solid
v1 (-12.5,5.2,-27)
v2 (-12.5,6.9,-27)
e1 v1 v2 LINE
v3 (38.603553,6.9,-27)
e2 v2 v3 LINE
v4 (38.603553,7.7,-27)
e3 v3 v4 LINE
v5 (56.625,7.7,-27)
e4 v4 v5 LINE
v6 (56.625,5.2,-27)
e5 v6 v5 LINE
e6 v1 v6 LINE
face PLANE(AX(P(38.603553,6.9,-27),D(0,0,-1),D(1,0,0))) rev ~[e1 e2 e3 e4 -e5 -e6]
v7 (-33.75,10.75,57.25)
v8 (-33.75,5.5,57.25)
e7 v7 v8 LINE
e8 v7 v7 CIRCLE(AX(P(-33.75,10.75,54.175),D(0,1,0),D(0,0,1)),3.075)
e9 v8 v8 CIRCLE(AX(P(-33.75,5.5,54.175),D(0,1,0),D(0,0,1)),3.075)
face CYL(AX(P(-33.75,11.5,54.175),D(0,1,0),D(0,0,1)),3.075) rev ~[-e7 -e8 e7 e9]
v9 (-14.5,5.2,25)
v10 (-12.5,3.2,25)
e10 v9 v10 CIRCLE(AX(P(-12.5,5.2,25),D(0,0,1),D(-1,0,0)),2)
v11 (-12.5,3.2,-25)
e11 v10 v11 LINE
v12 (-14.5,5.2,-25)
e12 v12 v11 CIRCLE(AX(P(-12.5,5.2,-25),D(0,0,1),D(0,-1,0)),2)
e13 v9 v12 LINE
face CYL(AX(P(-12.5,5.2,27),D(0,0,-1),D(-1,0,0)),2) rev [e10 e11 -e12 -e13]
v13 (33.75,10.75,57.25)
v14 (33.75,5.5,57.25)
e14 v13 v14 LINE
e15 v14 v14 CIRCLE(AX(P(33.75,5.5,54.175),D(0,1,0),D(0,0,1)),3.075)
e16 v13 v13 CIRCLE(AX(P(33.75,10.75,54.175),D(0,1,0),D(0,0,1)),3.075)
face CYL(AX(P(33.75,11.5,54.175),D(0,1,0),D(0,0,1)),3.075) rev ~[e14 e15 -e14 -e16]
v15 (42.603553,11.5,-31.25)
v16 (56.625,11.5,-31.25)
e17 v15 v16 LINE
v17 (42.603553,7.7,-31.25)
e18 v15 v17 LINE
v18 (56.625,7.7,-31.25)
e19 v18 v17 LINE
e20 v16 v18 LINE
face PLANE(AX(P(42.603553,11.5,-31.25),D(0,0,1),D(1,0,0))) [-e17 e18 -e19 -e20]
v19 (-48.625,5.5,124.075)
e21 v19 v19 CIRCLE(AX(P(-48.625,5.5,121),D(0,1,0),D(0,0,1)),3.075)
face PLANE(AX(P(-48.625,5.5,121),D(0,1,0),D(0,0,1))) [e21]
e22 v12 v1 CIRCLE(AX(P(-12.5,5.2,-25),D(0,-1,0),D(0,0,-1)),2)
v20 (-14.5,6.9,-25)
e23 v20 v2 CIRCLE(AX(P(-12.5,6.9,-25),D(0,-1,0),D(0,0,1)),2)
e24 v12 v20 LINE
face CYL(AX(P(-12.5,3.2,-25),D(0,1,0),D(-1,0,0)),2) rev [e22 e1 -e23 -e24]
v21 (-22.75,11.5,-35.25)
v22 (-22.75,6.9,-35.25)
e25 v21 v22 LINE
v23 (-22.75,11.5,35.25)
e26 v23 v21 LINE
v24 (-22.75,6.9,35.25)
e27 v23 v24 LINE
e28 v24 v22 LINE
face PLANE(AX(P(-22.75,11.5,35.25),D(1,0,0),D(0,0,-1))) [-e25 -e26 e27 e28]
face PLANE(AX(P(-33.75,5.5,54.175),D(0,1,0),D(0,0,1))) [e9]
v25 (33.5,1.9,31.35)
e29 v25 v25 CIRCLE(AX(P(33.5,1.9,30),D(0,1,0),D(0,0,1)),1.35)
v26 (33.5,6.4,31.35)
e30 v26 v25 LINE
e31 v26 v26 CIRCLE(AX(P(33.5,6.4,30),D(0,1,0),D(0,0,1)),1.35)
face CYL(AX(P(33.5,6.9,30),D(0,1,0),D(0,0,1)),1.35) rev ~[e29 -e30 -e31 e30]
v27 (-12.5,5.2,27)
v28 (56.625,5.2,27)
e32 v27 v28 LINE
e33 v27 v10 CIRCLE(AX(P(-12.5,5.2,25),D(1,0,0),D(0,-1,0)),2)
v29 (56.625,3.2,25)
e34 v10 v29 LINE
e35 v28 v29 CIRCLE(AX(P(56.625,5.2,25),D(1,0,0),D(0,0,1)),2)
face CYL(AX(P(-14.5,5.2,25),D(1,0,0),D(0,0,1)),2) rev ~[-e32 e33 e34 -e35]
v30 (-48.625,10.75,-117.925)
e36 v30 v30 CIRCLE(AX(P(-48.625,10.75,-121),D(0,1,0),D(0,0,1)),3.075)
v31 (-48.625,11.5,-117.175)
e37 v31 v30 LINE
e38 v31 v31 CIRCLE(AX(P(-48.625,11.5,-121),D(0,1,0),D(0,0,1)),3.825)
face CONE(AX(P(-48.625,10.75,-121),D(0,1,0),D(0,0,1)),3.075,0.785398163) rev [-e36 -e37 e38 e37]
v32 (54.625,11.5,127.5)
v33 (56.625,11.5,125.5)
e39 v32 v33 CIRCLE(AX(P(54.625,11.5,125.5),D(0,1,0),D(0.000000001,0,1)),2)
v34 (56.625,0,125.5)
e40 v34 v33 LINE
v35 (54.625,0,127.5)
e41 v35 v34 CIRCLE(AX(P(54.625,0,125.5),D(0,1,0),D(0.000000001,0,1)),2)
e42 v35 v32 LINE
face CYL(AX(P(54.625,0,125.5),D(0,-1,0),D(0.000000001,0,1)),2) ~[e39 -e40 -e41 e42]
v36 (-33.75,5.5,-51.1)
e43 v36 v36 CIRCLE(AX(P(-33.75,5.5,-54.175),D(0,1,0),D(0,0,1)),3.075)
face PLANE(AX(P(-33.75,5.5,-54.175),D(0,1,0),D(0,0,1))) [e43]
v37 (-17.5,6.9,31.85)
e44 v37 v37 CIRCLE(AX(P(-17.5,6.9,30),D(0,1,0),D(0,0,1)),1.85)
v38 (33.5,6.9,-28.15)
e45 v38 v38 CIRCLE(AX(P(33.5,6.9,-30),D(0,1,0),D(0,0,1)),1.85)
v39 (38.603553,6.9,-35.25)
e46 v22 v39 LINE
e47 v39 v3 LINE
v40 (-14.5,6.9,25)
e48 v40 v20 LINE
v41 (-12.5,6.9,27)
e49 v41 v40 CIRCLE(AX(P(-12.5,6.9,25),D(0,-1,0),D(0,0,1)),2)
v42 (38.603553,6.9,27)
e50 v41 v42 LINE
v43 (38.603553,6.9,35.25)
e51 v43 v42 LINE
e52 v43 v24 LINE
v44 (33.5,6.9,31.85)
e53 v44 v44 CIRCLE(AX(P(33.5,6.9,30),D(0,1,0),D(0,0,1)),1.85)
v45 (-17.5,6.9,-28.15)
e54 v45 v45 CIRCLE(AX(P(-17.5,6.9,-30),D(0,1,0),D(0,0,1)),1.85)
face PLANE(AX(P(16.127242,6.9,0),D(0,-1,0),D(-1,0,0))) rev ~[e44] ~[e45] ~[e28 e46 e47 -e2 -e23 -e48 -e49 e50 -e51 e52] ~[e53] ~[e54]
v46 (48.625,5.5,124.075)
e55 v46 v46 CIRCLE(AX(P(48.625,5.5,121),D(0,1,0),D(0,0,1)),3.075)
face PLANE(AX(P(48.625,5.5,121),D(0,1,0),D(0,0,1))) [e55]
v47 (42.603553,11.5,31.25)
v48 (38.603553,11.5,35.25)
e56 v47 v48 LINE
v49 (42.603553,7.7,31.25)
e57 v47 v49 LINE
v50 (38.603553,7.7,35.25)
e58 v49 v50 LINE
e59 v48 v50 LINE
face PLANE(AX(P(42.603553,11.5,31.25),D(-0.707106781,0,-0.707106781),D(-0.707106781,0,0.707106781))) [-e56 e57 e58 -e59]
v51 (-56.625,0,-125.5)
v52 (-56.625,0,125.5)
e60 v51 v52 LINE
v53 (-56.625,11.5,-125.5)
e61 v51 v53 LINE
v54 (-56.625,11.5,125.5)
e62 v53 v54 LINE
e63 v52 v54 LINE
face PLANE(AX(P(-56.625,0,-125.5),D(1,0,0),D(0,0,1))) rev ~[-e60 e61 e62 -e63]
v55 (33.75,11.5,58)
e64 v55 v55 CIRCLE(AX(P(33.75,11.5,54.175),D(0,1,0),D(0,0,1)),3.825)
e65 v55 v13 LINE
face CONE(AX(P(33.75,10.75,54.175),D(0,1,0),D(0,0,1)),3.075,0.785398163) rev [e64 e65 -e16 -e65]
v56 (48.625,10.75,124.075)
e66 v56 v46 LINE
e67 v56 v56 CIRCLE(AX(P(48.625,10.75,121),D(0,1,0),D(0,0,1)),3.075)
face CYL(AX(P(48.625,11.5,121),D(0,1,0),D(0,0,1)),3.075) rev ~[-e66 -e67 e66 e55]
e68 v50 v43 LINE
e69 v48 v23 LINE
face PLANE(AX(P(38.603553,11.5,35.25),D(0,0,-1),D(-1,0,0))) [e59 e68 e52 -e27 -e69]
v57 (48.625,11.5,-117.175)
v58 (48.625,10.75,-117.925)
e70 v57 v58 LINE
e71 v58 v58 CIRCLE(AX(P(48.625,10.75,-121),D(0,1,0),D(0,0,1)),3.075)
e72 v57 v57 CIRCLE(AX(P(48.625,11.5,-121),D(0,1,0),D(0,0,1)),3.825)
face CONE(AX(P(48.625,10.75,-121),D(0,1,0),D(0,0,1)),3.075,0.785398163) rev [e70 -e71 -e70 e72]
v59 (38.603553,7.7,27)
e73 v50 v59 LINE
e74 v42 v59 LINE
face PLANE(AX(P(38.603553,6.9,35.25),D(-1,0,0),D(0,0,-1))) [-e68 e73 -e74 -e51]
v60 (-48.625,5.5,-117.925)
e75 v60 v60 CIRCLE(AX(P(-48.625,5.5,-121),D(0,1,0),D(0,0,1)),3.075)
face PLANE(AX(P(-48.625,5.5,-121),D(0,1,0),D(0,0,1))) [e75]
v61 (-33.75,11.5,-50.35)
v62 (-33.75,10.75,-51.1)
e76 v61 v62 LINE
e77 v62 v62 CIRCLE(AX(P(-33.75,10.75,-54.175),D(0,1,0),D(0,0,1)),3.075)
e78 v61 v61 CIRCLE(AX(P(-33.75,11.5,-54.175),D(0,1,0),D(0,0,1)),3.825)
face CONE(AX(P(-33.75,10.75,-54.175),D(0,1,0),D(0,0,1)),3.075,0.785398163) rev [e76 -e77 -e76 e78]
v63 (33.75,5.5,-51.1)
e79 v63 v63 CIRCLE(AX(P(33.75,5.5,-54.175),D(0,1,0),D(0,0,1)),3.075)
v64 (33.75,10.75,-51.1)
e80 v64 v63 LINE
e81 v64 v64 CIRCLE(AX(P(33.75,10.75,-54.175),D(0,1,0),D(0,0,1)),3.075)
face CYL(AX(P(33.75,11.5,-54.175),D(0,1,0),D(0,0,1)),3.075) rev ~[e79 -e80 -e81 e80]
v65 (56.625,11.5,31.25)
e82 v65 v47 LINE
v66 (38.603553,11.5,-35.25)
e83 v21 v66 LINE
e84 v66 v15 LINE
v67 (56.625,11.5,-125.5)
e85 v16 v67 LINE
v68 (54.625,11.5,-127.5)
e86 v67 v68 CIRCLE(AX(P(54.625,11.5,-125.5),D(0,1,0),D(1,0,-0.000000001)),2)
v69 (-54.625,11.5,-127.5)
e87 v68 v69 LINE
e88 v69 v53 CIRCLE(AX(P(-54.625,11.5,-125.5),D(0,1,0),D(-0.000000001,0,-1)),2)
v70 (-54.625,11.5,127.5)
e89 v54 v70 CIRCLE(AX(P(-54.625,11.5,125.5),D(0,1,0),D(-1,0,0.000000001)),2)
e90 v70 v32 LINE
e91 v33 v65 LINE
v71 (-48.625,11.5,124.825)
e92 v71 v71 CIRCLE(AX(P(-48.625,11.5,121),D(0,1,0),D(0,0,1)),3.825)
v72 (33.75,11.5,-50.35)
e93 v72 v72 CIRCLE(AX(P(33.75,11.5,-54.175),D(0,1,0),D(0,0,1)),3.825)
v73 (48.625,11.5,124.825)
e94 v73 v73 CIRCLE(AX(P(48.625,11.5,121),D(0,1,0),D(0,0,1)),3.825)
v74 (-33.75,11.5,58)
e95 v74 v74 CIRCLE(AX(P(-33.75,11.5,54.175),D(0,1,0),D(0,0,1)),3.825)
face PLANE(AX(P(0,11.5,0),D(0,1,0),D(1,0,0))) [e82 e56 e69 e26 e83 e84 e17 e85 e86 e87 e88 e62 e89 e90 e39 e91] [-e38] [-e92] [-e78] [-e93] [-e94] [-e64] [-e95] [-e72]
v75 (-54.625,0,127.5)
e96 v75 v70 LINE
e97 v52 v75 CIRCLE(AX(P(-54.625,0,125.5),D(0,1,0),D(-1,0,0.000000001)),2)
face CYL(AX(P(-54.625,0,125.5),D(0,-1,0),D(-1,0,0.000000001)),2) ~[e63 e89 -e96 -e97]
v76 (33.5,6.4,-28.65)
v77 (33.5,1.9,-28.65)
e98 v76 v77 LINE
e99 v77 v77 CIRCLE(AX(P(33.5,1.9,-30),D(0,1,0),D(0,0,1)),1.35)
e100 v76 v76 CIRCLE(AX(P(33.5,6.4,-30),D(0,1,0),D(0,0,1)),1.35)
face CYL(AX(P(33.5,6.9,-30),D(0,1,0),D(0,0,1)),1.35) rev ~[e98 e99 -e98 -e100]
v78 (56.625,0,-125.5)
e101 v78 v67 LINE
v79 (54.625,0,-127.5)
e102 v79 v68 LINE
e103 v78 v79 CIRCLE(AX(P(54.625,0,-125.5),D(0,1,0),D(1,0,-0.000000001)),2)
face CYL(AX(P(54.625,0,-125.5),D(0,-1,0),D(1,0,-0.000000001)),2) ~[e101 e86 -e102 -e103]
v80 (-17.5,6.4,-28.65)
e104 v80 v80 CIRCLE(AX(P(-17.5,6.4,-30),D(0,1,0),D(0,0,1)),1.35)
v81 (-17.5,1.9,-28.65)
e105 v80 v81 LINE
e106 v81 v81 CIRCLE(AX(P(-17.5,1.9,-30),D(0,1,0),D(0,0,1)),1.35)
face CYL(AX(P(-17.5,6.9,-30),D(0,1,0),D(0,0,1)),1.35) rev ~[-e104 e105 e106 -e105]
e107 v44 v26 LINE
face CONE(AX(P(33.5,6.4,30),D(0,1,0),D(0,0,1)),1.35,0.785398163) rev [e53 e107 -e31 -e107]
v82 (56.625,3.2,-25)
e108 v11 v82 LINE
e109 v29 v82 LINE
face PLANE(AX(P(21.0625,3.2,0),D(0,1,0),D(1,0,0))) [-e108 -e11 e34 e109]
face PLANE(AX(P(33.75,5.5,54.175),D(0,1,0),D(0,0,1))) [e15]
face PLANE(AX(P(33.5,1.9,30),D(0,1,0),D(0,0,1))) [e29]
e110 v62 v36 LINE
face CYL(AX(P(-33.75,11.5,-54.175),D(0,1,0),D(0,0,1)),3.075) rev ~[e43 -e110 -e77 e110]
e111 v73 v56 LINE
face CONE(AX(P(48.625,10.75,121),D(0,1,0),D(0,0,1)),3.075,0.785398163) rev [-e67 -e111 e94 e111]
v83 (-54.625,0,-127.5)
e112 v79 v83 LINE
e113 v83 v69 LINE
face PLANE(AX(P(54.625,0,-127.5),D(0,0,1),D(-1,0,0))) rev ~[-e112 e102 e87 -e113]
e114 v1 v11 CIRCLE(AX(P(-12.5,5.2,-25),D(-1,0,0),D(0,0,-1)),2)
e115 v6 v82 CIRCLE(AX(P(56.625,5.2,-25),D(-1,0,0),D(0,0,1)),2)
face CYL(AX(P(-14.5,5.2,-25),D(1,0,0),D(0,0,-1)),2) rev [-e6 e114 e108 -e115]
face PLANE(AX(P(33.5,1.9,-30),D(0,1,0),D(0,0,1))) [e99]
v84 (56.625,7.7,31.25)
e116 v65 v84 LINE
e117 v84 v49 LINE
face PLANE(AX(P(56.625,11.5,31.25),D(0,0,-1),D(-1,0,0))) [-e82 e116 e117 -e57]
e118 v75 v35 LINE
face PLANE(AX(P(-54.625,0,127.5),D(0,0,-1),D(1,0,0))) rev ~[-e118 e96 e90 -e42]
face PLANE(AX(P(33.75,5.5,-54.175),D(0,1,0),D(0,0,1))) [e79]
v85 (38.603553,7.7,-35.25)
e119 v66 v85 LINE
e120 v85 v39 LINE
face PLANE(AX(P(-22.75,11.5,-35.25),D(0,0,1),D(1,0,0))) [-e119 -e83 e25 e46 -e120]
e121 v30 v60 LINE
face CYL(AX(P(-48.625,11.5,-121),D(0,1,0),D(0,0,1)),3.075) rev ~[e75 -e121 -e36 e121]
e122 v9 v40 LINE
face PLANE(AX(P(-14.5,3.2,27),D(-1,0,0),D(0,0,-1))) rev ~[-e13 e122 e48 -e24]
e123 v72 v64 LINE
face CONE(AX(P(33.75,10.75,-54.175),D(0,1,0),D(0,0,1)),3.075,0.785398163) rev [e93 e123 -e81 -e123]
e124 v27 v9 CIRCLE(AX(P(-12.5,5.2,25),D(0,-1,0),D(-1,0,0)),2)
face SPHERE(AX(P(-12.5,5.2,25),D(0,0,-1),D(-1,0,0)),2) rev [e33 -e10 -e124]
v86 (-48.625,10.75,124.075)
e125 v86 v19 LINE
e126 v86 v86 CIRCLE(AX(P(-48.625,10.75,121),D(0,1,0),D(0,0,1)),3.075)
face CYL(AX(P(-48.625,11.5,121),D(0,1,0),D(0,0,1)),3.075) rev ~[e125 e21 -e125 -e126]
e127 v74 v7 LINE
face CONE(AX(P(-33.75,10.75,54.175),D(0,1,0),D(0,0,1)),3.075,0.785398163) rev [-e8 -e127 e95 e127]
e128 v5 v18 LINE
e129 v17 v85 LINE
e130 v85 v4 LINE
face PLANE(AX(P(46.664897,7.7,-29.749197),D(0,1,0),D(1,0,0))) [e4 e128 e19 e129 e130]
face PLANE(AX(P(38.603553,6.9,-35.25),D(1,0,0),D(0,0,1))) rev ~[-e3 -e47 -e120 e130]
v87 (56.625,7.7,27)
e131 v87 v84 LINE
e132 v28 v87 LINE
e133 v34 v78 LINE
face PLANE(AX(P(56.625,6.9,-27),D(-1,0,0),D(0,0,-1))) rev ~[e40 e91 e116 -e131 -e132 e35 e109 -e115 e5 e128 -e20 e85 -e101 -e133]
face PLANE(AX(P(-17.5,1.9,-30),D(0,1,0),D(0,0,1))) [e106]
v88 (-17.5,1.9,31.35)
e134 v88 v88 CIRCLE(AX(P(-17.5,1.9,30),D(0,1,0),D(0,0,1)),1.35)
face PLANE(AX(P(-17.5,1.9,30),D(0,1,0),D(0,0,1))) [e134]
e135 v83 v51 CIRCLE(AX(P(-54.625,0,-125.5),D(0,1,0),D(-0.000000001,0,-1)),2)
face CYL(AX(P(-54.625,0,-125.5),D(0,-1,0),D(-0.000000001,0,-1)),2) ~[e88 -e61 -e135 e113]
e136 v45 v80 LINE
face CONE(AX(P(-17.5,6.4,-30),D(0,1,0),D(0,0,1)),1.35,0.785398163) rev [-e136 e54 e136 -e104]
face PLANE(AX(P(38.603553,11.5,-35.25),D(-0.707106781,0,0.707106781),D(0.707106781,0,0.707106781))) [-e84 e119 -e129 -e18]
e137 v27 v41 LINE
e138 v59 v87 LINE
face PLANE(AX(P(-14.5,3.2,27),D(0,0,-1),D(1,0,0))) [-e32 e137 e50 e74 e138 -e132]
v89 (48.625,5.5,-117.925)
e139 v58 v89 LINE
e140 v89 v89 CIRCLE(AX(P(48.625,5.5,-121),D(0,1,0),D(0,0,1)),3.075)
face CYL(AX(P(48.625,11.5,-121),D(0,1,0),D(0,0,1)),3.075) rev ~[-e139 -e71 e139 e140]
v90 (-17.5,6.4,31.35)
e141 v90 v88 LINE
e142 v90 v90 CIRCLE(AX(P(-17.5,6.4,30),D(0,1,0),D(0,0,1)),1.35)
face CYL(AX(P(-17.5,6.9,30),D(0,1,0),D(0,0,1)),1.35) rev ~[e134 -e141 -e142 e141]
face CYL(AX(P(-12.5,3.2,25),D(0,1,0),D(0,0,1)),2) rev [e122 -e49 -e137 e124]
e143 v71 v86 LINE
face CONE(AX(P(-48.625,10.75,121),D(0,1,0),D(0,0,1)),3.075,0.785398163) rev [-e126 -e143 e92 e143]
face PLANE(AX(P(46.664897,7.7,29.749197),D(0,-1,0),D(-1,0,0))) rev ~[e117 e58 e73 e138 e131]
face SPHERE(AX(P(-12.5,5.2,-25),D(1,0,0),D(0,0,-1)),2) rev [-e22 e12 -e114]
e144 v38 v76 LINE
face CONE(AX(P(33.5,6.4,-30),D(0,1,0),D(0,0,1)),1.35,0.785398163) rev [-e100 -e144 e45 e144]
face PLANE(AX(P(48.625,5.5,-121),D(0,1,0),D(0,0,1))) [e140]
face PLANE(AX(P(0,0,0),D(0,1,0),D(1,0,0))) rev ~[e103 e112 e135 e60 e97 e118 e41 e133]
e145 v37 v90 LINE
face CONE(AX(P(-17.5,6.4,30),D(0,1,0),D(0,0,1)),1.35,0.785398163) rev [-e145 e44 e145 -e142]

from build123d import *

# Parameters (mm, degrees)
BOSS_EXTRUDE1_DEPTH     = 11.5
SKETCH4_R               = 3.075
CUT_EXTRUDE1_DEPTH      = 6
CUT_EXTRUDE6_DEPTH      = 4.6
CUT_EXTRUDE3_DEPTH      = 140.679098741
CUT_EXTRUDE3_DEPTH_BACK = 3.7
SKETCH24_W              = 71.125
SKETCH24_H              = 54
SKETCH25_R              = 1.35
CUT_EXTRUDE4_DEPTH      = 5
CHAMFER4_SIZE           = 0.5
FILLET1_R               = 2
BOSS_EXTRUDE2_DEPTH     = 0.8
CHAMFER5_SIZE           = 0.75


with BuildPart() as part:
    # Sketch1 → Boss-Extrude1 (new body)
    with BuildSketch(Plane(origin=(0, 0, 0), x_dir=(1, 0, 0), z_dir=(0, 1, 0))):
        with BuildLine():
            Line((-56.625, 112.5), (-56.625, -112.5))
            Line((-56.625, -112.5), (-56.625, -125.5))
            ThreePointArc((-56.625, -125.5), (-56.039213562, -126.914213562), (-54.625, -127.5))
            Line((-54.625, -127.5), (54.625, -127.5))
            ThreePointArc((54.625, -127.5), (56.039213562, -126.914213562), (56.625, -125.5))
            Line((56.625, -125.5), (56.625, -112.5))
            Line((56.625, -112.5), (56.625, 112.5))
            Line((56.625, 112.5), (56.625, 125.5))
            ThreePointArc((56.625, 125.5), (56.039213562, 126.914213562), (54.625, 127.5))
            Line((54.625, 127.5), (-54.625, 127.5))
            ThreePointArc((-54.625, 127.5), (-56.039213562, 126.914213562), (-56.625, 125.5))
            Line((-56.625, 125.5), (-56.625, 112.5))
        make_face()
    extrude(amount=BOSS_EXTRUDE1_DEPTH)

    # Sketch4 → Cut-Extrude1 (cut)
    with BuildSketch(Plane(origin=(0, 11.5, 0), x_dir=(1, 0, 0), z_dir=(0, 1, 0))):
        with Locations(Location((-48.625, -121, 0), (0, 0, 270))):
            Circle(SKETCH4_R)
        with Locations(Location((48.625, -121, 0), (0, 0, 270))):
            Circle(SKETCH4_R)
        with Locations(Location((48.625, 121, 0), (0, 0, 270))):
            Circle(SKETCH4_R)
        with Locations(Location((-48.625, 121, 0), (0, 0, 270))):
            Circle(SKETCH4_R)
        with Locations(Location((-33.75, -54.175, 0), (0, 0, 270))):
            Circle(SKETCH4_R)
        with Locations(Location((33.75, -54.175, 0), (0, 0, 270))):
            Circle(SKETCH4_R)
        with Locations(Location((33.75, 54.175, 0), (0, 0, 270))):
            Circle(SKETCH4_R)
        with Locations(Location((-33.75, 54.175, 0), (0, 0, 270))):
            Circle(SKETCH4_R)
    extrude(amount=-CUT_EXTRUDE1_DEPTH, mode=Mode.SUBTRACT)

    # Sketch21 → Cut-Extrude6 (cut)
    with BuildSketch(Plane(origin=(0, 11.5, 0), x_dir=(1, 0, 0), z_dir=(0, 1, 0))):
        Polygon((56.625, 31), (56.625, -31), (56.625, -31.25), (42.603553391, -31.25), (38.603553391, -35.25), (-22.75, -35.25), (-22.75, 35.25), (38.603553391, 35.25), (42.603553391, 31.25), (56.625, 31.25), align=None)
    extrude(amount=-CUT_EXTRUDE6_DEPTH, mode=Mode.SUBTRACT)

    # Sketch24 → Cut-Extrude3 (cut, two sides: drawn at the far end of the back side and taken through both)
    with BuildSketch(Plane(origin=(0, 6.9, 0), x_dir=(1, 0, 0), z_dir=(0, 1, 0)).offset(-CUT_EXTRUDE3_DEPTH_BACK)):
        with Locations((21.0625, 0)):
            Rectangle(SKETCH24_W, SKETCH24_H)
    extrude(amount=CUT_EXTRUDE3_DEPTH + CUT_EXTRUDE3_DEPTH_BACK, mode=Mode.SUBTRACT)

    # Sketch25 → Cut-Extrude4 (cut)
    with BuildSketch(Plane(origin=(0, 6.9, 0), x_dir=(1, 0, 0), z_dir=(0, 1, 0))):
        with Locations(Location((33.5, 30, 0), (0, 0, 270))):
            Circle(SKETCH25_R)
        with Locations(Location((-17.5, 30, 0), (0, 0, 270))):
            Circle(SKETCH25_R)
        with Locations(Location((33.5, -30, 0), (0, 0, 270))):
            Circle(SKETCH25_R)
        with Locations(Location((-17.5, -30, 0), (0, 0, 270))):
            Circle(SKETCH25_R)
    extrude(amount=-CUT_EXTRUDE4_DEPTH, mode=Mode.SUBTRACT)

    # Chamfer4
    chamfer4_edges = [part.edges().sort_by_distance(p)[0] for p in [
        (-17.5, 6.9, -31.35),
        (33.5, 6.9, 28.65),
        (-17.5, 6.9, 28.65),
        (33.5, 6.9, -31.35),
    ]]
    chamfer(chamfer4_edges, length=CHAMFER4_SIZE)

    # Fillet1
    fillet1_edges = [part.edges().sort_by_distance(p)[0] for p in [
        (21.0625, 3.2, -27),
        (-14.5, 5.05, -27),
        (-14.5, 3.2, 0),
        (-14.5, 5.05, 27),
        (21.0625, 3.2, 27),
    ]]
    fillet(fillet1_edges, radius=FILLET1_R)

    # Sketch26 → Boss-Extrude2 (add)
    with BuildSketch(Plane(origin=(0, 6.9, 0), x_dir=(1, 0, 0), z_dir=(0, 1, 0))):
        Polygon((38.603553391, 35.25), (38.603553391, 27), (56.625, 27), (56.625, 31.25), (42.603553391, 31.25), align=None)
        Polygon((42.603553391, -31.25), (38.603553391, -35.25), (38.603553391, -27), (56.625, -27), (56.625, -31.25), align=None)
    extrude(amount=BOSS_EXTRUDE2_DEPTH)

    # Chamfer5
    chamfer5_edges = [part.edges().sort_by_distance(p)[0] for p in [
        (48.625, 11.5, 117.925),
        (48.625, 11.5, -124.075),
        (-33.75, 11.5, 51.1),
        (33.75, 11.5, 51.1),
        (-33.75, 11.5, -57.25),
        (33.75, 11.5, -57.25),
        (-48.625, 11.5, -124.075),
        (-48.625, 11.5, 117.925),
    ]]
    chamfer(chamfer5_edges, length=CHAMFER5_SIZE)


solid = part.part
